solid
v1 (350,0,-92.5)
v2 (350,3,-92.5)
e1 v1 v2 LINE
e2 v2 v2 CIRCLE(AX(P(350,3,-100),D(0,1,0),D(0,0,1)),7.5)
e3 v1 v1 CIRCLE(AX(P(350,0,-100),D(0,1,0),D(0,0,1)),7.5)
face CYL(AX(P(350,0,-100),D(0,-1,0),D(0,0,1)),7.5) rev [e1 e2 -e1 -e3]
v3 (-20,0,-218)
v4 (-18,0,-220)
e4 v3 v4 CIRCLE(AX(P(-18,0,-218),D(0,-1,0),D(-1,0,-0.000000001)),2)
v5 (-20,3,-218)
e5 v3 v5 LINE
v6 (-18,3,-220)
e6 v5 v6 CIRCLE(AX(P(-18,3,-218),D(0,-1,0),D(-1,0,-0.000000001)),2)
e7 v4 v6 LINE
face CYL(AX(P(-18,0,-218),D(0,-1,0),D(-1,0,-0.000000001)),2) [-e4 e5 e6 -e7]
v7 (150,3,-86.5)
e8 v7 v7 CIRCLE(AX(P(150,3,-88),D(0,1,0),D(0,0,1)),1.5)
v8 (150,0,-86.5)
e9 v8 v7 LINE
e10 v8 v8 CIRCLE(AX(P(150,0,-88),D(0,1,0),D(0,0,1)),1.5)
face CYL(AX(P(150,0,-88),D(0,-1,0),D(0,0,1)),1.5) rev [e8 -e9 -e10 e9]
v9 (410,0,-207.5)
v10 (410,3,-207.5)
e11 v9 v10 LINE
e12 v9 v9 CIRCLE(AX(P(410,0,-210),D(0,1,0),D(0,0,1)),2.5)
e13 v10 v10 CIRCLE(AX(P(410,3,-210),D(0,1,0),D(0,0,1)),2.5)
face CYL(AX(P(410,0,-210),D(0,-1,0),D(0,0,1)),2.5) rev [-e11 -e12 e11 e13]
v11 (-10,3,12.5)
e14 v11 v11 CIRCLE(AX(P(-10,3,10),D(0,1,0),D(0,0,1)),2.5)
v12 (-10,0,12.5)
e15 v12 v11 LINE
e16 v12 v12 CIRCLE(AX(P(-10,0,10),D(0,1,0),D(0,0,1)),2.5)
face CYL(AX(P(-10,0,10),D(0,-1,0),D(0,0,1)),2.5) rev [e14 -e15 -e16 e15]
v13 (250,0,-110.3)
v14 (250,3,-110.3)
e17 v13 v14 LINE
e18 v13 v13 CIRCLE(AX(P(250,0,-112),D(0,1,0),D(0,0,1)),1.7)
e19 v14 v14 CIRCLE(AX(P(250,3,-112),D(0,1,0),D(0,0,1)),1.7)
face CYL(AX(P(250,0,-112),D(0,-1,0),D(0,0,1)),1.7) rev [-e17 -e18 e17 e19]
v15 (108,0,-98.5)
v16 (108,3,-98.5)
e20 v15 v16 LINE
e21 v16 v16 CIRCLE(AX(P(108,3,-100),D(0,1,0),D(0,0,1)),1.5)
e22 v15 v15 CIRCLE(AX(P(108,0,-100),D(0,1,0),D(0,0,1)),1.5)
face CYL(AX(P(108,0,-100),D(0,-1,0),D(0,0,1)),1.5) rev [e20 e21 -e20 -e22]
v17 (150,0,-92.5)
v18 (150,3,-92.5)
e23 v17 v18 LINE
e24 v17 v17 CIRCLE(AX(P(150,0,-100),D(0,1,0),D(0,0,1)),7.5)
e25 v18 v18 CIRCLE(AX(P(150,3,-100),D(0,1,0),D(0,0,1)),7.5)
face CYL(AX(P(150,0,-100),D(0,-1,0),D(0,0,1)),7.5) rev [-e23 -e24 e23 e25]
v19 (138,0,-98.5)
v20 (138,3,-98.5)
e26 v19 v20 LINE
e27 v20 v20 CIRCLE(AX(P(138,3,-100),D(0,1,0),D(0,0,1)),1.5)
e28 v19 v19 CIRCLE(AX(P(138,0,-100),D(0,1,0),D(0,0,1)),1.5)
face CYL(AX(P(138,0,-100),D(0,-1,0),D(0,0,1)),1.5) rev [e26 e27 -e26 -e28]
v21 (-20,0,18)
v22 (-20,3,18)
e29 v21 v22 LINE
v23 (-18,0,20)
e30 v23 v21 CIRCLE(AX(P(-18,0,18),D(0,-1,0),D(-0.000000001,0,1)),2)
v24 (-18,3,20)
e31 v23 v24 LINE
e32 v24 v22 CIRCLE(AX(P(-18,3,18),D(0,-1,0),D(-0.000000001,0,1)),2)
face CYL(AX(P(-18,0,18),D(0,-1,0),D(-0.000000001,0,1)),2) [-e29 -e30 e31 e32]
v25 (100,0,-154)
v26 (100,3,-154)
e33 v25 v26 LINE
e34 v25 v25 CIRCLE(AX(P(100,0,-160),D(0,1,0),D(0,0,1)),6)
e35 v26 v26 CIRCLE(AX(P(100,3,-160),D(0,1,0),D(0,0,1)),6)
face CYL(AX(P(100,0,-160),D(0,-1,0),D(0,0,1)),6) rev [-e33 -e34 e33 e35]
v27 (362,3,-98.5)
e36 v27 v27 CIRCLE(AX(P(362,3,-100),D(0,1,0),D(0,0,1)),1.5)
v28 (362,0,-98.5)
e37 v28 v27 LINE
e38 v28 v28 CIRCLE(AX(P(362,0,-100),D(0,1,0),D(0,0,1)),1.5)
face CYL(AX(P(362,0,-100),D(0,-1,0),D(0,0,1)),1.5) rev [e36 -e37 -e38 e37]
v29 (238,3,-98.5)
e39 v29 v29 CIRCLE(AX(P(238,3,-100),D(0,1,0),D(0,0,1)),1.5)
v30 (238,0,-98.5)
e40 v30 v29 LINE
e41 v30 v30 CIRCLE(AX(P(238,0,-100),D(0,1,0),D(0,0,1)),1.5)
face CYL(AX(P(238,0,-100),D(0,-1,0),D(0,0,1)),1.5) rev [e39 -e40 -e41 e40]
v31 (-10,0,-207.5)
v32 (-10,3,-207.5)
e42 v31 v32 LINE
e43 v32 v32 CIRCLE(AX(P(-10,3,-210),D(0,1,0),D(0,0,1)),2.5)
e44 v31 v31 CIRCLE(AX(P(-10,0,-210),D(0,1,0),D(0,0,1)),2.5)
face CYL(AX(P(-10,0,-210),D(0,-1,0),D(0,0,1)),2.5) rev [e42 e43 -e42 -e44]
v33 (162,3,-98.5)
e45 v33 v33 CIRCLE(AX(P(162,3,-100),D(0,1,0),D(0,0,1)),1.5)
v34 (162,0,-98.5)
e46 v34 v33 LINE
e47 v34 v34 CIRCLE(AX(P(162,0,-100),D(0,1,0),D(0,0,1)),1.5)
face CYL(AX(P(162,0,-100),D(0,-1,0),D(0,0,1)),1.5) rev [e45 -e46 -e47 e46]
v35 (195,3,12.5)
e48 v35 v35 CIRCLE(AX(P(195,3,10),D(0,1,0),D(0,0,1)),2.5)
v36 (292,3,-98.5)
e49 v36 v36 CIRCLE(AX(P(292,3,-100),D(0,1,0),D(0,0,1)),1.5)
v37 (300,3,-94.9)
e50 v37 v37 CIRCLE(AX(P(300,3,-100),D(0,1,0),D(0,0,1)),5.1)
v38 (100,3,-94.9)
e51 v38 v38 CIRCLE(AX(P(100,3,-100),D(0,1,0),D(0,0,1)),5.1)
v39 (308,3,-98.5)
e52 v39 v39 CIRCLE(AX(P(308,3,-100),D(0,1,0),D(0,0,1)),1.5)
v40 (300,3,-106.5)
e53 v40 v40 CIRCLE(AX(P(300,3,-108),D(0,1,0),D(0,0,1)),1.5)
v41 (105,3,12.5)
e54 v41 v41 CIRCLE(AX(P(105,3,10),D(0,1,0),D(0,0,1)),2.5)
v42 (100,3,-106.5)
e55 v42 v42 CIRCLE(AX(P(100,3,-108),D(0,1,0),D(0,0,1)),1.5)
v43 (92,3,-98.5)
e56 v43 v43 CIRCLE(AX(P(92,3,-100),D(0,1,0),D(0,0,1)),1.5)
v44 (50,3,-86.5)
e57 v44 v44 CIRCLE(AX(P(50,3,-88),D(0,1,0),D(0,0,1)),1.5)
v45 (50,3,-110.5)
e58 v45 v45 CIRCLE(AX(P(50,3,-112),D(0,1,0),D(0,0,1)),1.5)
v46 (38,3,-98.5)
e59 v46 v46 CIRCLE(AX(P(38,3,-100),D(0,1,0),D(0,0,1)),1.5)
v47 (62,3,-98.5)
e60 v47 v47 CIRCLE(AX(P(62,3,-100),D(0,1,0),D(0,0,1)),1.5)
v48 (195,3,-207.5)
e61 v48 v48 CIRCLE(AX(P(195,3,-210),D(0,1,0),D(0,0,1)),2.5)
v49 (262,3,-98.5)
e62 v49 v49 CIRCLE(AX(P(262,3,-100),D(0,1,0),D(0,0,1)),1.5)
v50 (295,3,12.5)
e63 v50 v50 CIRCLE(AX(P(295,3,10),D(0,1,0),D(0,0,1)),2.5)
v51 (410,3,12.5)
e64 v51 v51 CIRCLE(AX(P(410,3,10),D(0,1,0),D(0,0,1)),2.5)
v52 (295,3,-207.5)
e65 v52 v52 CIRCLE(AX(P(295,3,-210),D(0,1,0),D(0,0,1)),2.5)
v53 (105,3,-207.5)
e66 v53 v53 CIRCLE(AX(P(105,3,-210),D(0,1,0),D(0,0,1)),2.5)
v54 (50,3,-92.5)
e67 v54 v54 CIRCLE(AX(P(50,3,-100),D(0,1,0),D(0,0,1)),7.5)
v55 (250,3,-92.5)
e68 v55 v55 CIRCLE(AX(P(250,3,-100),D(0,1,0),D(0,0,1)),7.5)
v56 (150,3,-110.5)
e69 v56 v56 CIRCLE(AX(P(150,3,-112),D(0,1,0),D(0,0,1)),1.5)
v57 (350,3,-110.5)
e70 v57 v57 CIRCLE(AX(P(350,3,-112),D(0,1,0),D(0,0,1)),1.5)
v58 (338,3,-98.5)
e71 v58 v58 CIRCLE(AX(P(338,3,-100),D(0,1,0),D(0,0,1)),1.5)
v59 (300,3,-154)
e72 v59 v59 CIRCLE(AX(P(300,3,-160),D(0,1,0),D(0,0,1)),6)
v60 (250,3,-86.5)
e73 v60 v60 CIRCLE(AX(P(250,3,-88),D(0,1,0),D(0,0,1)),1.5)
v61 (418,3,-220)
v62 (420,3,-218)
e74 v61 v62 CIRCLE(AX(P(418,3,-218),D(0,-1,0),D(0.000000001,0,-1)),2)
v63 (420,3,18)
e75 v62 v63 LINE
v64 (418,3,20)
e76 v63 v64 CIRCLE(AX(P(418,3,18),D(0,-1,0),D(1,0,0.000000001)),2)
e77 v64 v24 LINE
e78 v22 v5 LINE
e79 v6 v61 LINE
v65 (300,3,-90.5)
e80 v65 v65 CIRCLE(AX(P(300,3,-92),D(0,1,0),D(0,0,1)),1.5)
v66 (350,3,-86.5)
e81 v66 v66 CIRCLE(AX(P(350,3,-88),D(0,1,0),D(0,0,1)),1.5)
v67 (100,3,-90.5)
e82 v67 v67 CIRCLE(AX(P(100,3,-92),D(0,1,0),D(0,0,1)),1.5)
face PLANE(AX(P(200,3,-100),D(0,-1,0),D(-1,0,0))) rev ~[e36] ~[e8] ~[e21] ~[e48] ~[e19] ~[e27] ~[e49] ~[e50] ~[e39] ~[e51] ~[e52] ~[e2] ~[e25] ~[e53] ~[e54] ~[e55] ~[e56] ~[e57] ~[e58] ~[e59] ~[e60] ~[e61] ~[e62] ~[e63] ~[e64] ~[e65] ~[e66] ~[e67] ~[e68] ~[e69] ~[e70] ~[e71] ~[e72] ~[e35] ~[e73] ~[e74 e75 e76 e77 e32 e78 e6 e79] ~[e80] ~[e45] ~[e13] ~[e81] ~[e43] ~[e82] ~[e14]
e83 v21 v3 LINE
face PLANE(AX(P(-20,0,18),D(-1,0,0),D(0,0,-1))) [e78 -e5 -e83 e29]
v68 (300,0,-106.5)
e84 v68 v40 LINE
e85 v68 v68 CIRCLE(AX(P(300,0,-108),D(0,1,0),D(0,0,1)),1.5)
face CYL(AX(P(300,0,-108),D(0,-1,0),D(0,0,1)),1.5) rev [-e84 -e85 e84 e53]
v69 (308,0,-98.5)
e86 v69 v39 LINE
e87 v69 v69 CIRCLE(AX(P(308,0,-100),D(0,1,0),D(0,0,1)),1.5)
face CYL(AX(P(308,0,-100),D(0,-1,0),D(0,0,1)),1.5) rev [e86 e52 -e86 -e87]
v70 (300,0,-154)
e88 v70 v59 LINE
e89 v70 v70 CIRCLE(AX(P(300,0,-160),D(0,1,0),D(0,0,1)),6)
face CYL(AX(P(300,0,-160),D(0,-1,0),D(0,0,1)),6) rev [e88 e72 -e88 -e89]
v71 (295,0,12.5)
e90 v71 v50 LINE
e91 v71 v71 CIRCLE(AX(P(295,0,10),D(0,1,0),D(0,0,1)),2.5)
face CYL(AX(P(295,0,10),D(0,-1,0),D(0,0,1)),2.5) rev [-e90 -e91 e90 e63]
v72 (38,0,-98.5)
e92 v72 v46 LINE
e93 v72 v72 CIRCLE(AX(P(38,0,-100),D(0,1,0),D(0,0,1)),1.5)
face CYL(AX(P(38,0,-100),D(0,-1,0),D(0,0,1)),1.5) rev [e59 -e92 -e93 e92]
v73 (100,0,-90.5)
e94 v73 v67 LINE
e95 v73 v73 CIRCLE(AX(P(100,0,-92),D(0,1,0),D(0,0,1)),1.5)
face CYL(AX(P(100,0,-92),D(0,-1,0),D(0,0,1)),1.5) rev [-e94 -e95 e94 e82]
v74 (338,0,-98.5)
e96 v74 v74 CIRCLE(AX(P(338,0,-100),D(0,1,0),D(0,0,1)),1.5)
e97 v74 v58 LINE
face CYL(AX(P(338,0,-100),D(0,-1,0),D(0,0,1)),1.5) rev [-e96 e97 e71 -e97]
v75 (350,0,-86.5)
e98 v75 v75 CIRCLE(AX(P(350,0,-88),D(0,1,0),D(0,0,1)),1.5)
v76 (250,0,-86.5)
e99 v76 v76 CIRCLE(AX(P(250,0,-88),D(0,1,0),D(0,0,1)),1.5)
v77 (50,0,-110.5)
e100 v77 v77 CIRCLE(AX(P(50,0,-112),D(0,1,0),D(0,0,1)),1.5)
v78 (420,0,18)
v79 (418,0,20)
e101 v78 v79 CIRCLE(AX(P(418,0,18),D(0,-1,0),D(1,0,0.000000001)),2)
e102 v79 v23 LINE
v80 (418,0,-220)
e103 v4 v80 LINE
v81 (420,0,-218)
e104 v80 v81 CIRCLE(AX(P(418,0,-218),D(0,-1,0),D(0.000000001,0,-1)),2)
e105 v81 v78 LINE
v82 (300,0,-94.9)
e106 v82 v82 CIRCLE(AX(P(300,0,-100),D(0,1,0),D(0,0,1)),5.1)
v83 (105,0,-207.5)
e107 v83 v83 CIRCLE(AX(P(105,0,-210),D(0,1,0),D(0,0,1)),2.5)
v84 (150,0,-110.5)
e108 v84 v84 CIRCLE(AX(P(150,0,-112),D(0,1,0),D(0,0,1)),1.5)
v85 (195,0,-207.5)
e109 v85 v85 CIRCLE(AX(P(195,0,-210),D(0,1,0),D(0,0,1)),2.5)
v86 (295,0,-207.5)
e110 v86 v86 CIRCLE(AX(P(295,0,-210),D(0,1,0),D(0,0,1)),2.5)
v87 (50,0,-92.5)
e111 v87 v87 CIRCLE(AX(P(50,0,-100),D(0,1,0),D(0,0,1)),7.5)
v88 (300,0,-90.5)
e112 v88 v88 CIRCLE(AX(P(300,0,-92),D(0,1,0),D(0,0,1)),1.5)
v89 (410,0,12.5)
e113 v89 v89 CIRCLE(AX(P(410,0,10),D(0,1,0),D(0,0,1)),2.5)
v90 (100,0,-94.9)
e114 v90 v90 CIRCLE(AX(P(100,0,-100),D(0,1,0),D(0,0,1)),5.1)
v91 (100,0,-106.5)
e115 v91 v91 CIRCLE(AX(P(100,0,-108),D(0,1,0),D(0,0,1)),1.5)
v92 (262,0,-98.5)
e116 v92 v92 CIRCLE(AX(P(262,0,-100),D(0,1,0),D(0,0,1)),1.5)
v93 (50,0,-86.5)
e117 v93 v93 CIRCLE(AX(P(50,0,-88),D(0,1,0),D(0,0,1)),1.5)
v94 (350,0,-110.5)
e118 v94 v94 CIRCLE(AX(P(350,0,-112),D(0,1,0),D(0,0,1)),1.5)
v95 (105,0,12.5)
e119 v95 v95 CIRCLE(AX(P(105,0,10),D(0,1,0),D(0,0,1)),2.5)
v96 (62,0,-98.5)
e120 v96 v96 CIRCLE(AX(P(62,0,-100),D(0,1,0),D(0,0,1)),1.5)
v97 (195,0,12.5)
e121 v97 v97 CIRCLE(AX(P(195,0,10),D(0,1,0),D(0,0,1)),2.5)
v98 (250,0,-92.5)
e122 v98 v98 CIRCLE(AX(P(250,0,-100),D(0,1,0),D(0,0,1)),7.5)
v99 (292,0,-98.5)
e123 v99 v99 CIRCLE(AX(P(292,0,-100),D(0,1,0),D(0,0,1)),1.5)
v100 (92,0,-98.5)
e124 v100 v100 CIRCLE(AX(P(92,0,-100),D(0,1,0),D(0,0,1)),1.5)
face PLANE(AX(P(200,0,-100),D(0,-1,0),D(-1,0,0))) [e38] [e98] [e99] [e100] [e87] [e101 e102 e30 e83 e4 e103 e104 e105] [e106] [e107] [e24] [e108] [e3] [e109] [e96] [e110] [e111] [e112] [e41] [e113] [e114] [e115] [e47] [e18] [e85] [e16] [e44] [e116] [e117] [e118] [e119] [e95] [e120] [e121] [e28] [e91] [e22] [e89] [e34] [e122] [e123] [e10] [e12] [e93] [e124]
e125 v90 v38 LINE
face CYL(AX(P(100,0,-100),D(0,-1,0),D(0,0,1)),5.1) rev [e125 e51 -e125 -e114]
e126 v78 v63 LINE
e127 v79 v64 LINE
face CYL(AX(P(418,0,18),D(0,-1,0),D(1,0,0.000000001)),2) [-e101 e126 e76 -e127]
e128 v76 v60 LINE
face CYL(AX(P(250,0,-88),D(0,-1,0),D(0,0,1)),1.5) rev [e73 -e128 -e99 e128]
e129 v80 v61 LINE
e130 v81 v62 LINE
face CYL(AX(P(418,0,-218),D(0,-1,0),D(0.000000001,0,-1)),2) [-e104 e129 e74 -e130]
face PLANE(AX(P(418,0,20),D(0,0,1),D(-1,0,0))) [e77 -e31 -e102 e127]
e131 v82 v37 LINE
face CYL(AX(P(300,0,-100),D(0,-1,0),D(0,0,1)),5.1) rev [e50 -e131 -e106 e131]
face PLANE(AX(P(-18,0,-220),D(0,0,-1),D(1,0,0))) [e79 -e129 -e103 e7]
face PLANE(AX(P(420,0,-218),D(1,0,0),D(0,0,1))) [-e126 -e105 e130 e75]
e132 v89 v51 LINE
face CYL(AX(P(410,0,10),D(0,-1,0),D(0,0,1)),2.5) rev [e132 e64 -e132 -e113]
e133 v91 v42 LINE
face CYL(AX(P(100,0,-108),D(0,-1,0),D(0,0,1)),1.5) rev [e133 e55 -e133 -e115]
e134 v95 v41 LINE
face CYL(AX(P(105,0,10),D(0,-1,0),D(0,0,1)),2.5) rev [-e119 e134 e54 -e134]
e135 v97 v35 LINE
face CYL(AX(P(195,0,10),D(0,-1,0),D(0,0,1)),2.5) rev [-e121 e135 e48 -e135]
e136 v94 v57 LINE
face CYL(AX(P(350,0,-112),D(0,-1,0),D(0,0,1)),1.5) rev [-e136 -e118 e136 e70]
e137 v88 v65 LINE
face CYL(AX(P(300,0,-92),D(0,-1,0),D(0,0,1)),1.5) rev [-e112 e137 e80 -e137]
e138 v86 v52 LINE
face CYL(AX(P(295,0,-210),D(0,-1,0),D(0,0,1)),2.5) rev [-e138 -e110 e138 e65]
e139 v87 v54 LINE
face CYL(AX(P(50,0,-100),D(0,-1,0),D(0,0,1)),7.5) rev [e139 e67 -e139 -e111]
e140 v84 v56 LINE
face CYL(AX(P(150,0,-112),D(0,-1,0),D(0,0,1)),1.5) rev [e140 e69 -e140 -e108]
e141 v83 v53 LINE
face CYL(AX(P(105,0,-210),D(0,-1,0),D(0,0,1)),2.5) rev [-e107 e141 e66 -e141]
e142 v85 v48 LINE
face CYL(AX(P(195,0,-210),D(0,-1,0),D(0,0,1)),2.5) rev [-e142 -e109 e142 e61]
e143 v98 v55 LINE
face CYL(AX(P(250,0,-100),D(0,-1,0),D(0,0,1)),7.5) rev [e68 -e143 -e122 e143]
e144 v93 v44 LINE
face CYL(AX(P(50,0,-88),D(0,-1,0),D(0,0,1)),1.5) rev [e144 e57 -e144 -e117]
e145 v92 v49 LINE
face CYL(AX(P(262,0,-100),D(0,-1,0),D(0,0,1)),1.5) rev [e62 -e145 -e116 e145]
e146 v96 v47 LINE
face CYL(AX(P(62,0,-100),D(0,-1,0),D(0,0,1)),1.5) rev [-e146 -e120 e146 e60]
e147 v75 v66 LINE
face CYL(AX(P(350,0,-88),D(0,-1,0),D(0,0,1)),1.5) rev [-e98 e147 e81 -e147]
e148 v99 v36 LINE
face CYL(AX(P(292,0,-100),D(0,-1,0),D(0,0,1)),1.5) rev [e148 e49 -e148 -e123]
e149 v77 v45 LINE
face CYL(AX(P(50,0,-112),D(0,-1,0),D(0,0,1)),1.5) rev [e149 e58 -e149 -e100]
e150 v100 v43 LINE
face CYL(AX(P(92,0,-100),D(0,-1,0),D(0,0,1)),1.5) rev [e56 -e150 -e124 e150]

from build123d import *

# Parameters (mm, degrees)
SKETCH_1_R      = 5.1
SKETCH_1_R_2    = 1.5
SKETCH_1_R_3    = 7.5
SKETCH_1_R_4    = 6
SKETCH_1_R_5    = 1.7
SKETCH_1_R_6    = 2.5
EXTRUDE_1_DEPTH = 3


with BuildPart() as part:
    # 草图1 → 凸台-拉伸1 (new body)
    with BuildSketch(Plane(origin=(0, 0, 0), x_dir=(1, 0, 0), z_dir=(0, 1, 0))):
        with BuildLine():
            Line((-18, 220), (418, 220))
            ThreePointArc((418, 220), (419.414213562, 219.414213562), (420, 218))
            Line((420, 218), (420, -18))
            ThreePointArc((420, -18), (419.414213562, -19.414213562), (418, -20))
            Line((418, -20), (-18, -20))
            ThreePointArc((-18, -20), (-19.414213562, -19.414213562), (-20, -18))
            Line((-20, -18), (-20, 218))
            ThreePointArc((-20, 218), (-19.414213562, 219.414213562), (-18, 220))
        make_face()
        with Locations(Location((100, 100, 0), (0, 0, 270))):
            Circle(SKETCH_1_R, mode=Mode.SUBTRACT)
        with Locations(Location((150, 112, 0), (0, 0, 270))):
            Circle(SKETCH_1_R_2, mode=Mode.SUBTRACT)
        with Locations(Location((100, 92, 0), (0, 0, 270))):
            Circle(SKETCH_1_R_2, mode=Mode.SUBTRACT)
        with Locations(Location((108, 100, 0), (0, 0, 270))):
            Circle(SKETCH_1_R_2, mode=Mode.SUBTRACT)
        with Locations(Location((92, 100, 0), (0, 0, 270))):
            Circle(SKETCH_1_R_2, mode=Mode.SUBTRACT)
        with Locations(Location((100, 108, 0), (0, 0, 270))):
            Circle(SKETCH_1_R_2, mode=Mode.SUBTRACT)
        with Locations(Location((50, 100, 0), (0, 0, 270))):
            Circle(SKETCH_1_R_3, mode=Mode.SUBTRACT)
        with Locations(Location((50, 112, 0), (0, 0, 270))):
            Circle(SKETCH_1_R_2, mode=Mode.SUBTRACT)
        with Locations(Location((62, 100, 0), (0, 0, 270))):
            Circle(SKETCH_1_R_2, mode=Mode.SUBTRACT)
        with Locations(Location((50, 88, 0), (0, 0, 270))):
            Circle(SKETCH_1_R_2, mode=Mode.SUBTRACT)
        with Locations(Location((38, 100, 0), (0, 0, 270))):
            Circle(SKETCH_1_R_2, mode=Mode.SUBTRACT)
        with Locations(Location((162, 100, 0), (0, 0, 270))):
            Circle(SKETCH_1_R_2, mode=Mode.SUBTRACT)
        with Locations(Location((138, 100, 0), (0, 0, 270))):
            Circle(SKETCH_1_R_2, mode=Mode.SUBTRACT)
        with Locations(Location((150, 88, 0), (0, 0, 270))):
            Circle(SKETCH_1_R_2, mode=Mode.SUBTRACT)
        with Locations(Location((150, 100, 0), (0, 0, 270))):
            Circle(SKETCH_1_R_3, mode=Mode.SUBTRACT)
        with Locations(Location((100, 160, 0), (0, 0, 270))):
            Circle(SKETCH_1_R_4, mode=Mode.SUBTRACT)
        with Locations(Location((300, 100, 0), (0, 0, 270))):
            Circle(SKETCH_1_R, mode=Mode.SUBTRACT)
        with Locations(Location((350, 112, 0), (0, 0, 270))):
            Circle(SKETCH_1_R_2, mode=Mode.SUBTRACT)
        with Locations(Location((300, 108, 0), (0, 0, 270))):
            Circle(SKETCH_1_R_2, mode=Mode.SUBTRACT)
        with Locations(Location((308, 100, 0), (0, 0, 270))):
            Circle(SKETCH_1_R_2, mode=Mode.SUBTRACT)
        with Locations(Location((300, 92, 0), (0, 0, 270))):
            Circle(SKETCH_1_R_2, mode=Mode.SUBTRACT)
        with Locations(Location((292, 100, 0), (0, 0, 270))):
            Circle(SKETCH_1_R_2, mode=Mode.SUBTRACT)
        with Locations(Location((250, 100, 0), (0, 0, 270))):
            Circle(SKETCH_1_R_3, mode=Mode.SUBTRACT)
        with Locations(Location((250, 112, 0), (0, 0, 270))):
            Circle(SKETCH_1_R_5, mode=Mode.SUBTRACT)
        with Locations(Location((262, 100, 0), (0, 0, 270))):
            Circle(SKETCH_1_R_2, mode=Mode.SUBTRACT)
        with Locations(Location((250, 88, 0), (0, 0, 270))):
            Circle(SKETCH_1_R_2, mode=Mode.SUBTRACT)
        with Locations(Location((238, 100, 0), (0, 0, 270))):
            Circle(SKETCH_1_R_2, mode=Mode.SUBTRACT)
        with Locations(Location((362, 100, 0), (0, 0, 270))):
            Circle(SKETCH_1_R_2, mode=Mode.SUBTRACT)
        with Locations(Location((338, 100, 0), (0, 0, 270))):
            Circle(SKETCH_1_R_2, mode=Mode.SUBTRACT)
        with Locations(Location((350, 88, 0), (0, 0, 270))):
            Circle(SKETCH_1_R_2, mode=Mode.SUBTRACT)
        with Locations(Location((350, 100, 0), (0, 0, 270))):
            Circle(SKETCH_1_R_3, mode=Mode.SUBTRACT)
        with Locations(Location((300, 160, 0), (0, 0, 270))):
            Circle(SKETCH_1_R_4, mode=Mode.SUBTRACT)
        with Locations(Location((410, -10, 0), (0, 0, 270))):
            Circle(SKETCH_1_R_6, mode=Mode.SUBTRACT)
        with Locations(Location((105, -10, 0), (0, 0, 270))):
            Circle(SKETCH_1_R_6, mode=Mode.SUBTRACT)
        with Locations(Location((295, -10, 0), (0, 0, 270))):
            Circle(SKETCH_1_R_6, mode=Mode.SUBTRACT)
        with Locations(Location((-10, -10, 0), (0, 0, 270))):
            Circle(SKETCH_1_R_6, mode=Mode.SUBTRACT)
        with Locations(Location((195, -10, 0), (0, 0, 270))):
            Circle(SKETCH_1_R_6, mode=Mode.SUBTRACT)
        with Locations(Location((195, 210, 0), (0, 0, 270))):
            Circle(SKETCH_1_R_6, mode=Mode.SUBTRACT)
        with Locations(Location((-10, 210, 0), (0, 0, 270))):
            Circle(SKETCH_1_R_6, mode=Mode.SUBTRACT)
        with Locations(Location((295, 210, 0), (0, 0, 270))):
            Circle(SKETCH_1_R_6, mode=Mode.SUBTRACT)
        with Locations(Location((105, 210, 0), (0, 0, 270))):
            Circle(SKETCH_1_R_6, mode=Mode.SUBTRACT)
        with Locations(Location((410, 210, 0), (0, 0, 270))):
            Circle(SKETCH_1_R_6, mode=Mode.SUBTRACT)
    extrude(amount=EXTRUDE_1_DEPTH)


solid = part.part
